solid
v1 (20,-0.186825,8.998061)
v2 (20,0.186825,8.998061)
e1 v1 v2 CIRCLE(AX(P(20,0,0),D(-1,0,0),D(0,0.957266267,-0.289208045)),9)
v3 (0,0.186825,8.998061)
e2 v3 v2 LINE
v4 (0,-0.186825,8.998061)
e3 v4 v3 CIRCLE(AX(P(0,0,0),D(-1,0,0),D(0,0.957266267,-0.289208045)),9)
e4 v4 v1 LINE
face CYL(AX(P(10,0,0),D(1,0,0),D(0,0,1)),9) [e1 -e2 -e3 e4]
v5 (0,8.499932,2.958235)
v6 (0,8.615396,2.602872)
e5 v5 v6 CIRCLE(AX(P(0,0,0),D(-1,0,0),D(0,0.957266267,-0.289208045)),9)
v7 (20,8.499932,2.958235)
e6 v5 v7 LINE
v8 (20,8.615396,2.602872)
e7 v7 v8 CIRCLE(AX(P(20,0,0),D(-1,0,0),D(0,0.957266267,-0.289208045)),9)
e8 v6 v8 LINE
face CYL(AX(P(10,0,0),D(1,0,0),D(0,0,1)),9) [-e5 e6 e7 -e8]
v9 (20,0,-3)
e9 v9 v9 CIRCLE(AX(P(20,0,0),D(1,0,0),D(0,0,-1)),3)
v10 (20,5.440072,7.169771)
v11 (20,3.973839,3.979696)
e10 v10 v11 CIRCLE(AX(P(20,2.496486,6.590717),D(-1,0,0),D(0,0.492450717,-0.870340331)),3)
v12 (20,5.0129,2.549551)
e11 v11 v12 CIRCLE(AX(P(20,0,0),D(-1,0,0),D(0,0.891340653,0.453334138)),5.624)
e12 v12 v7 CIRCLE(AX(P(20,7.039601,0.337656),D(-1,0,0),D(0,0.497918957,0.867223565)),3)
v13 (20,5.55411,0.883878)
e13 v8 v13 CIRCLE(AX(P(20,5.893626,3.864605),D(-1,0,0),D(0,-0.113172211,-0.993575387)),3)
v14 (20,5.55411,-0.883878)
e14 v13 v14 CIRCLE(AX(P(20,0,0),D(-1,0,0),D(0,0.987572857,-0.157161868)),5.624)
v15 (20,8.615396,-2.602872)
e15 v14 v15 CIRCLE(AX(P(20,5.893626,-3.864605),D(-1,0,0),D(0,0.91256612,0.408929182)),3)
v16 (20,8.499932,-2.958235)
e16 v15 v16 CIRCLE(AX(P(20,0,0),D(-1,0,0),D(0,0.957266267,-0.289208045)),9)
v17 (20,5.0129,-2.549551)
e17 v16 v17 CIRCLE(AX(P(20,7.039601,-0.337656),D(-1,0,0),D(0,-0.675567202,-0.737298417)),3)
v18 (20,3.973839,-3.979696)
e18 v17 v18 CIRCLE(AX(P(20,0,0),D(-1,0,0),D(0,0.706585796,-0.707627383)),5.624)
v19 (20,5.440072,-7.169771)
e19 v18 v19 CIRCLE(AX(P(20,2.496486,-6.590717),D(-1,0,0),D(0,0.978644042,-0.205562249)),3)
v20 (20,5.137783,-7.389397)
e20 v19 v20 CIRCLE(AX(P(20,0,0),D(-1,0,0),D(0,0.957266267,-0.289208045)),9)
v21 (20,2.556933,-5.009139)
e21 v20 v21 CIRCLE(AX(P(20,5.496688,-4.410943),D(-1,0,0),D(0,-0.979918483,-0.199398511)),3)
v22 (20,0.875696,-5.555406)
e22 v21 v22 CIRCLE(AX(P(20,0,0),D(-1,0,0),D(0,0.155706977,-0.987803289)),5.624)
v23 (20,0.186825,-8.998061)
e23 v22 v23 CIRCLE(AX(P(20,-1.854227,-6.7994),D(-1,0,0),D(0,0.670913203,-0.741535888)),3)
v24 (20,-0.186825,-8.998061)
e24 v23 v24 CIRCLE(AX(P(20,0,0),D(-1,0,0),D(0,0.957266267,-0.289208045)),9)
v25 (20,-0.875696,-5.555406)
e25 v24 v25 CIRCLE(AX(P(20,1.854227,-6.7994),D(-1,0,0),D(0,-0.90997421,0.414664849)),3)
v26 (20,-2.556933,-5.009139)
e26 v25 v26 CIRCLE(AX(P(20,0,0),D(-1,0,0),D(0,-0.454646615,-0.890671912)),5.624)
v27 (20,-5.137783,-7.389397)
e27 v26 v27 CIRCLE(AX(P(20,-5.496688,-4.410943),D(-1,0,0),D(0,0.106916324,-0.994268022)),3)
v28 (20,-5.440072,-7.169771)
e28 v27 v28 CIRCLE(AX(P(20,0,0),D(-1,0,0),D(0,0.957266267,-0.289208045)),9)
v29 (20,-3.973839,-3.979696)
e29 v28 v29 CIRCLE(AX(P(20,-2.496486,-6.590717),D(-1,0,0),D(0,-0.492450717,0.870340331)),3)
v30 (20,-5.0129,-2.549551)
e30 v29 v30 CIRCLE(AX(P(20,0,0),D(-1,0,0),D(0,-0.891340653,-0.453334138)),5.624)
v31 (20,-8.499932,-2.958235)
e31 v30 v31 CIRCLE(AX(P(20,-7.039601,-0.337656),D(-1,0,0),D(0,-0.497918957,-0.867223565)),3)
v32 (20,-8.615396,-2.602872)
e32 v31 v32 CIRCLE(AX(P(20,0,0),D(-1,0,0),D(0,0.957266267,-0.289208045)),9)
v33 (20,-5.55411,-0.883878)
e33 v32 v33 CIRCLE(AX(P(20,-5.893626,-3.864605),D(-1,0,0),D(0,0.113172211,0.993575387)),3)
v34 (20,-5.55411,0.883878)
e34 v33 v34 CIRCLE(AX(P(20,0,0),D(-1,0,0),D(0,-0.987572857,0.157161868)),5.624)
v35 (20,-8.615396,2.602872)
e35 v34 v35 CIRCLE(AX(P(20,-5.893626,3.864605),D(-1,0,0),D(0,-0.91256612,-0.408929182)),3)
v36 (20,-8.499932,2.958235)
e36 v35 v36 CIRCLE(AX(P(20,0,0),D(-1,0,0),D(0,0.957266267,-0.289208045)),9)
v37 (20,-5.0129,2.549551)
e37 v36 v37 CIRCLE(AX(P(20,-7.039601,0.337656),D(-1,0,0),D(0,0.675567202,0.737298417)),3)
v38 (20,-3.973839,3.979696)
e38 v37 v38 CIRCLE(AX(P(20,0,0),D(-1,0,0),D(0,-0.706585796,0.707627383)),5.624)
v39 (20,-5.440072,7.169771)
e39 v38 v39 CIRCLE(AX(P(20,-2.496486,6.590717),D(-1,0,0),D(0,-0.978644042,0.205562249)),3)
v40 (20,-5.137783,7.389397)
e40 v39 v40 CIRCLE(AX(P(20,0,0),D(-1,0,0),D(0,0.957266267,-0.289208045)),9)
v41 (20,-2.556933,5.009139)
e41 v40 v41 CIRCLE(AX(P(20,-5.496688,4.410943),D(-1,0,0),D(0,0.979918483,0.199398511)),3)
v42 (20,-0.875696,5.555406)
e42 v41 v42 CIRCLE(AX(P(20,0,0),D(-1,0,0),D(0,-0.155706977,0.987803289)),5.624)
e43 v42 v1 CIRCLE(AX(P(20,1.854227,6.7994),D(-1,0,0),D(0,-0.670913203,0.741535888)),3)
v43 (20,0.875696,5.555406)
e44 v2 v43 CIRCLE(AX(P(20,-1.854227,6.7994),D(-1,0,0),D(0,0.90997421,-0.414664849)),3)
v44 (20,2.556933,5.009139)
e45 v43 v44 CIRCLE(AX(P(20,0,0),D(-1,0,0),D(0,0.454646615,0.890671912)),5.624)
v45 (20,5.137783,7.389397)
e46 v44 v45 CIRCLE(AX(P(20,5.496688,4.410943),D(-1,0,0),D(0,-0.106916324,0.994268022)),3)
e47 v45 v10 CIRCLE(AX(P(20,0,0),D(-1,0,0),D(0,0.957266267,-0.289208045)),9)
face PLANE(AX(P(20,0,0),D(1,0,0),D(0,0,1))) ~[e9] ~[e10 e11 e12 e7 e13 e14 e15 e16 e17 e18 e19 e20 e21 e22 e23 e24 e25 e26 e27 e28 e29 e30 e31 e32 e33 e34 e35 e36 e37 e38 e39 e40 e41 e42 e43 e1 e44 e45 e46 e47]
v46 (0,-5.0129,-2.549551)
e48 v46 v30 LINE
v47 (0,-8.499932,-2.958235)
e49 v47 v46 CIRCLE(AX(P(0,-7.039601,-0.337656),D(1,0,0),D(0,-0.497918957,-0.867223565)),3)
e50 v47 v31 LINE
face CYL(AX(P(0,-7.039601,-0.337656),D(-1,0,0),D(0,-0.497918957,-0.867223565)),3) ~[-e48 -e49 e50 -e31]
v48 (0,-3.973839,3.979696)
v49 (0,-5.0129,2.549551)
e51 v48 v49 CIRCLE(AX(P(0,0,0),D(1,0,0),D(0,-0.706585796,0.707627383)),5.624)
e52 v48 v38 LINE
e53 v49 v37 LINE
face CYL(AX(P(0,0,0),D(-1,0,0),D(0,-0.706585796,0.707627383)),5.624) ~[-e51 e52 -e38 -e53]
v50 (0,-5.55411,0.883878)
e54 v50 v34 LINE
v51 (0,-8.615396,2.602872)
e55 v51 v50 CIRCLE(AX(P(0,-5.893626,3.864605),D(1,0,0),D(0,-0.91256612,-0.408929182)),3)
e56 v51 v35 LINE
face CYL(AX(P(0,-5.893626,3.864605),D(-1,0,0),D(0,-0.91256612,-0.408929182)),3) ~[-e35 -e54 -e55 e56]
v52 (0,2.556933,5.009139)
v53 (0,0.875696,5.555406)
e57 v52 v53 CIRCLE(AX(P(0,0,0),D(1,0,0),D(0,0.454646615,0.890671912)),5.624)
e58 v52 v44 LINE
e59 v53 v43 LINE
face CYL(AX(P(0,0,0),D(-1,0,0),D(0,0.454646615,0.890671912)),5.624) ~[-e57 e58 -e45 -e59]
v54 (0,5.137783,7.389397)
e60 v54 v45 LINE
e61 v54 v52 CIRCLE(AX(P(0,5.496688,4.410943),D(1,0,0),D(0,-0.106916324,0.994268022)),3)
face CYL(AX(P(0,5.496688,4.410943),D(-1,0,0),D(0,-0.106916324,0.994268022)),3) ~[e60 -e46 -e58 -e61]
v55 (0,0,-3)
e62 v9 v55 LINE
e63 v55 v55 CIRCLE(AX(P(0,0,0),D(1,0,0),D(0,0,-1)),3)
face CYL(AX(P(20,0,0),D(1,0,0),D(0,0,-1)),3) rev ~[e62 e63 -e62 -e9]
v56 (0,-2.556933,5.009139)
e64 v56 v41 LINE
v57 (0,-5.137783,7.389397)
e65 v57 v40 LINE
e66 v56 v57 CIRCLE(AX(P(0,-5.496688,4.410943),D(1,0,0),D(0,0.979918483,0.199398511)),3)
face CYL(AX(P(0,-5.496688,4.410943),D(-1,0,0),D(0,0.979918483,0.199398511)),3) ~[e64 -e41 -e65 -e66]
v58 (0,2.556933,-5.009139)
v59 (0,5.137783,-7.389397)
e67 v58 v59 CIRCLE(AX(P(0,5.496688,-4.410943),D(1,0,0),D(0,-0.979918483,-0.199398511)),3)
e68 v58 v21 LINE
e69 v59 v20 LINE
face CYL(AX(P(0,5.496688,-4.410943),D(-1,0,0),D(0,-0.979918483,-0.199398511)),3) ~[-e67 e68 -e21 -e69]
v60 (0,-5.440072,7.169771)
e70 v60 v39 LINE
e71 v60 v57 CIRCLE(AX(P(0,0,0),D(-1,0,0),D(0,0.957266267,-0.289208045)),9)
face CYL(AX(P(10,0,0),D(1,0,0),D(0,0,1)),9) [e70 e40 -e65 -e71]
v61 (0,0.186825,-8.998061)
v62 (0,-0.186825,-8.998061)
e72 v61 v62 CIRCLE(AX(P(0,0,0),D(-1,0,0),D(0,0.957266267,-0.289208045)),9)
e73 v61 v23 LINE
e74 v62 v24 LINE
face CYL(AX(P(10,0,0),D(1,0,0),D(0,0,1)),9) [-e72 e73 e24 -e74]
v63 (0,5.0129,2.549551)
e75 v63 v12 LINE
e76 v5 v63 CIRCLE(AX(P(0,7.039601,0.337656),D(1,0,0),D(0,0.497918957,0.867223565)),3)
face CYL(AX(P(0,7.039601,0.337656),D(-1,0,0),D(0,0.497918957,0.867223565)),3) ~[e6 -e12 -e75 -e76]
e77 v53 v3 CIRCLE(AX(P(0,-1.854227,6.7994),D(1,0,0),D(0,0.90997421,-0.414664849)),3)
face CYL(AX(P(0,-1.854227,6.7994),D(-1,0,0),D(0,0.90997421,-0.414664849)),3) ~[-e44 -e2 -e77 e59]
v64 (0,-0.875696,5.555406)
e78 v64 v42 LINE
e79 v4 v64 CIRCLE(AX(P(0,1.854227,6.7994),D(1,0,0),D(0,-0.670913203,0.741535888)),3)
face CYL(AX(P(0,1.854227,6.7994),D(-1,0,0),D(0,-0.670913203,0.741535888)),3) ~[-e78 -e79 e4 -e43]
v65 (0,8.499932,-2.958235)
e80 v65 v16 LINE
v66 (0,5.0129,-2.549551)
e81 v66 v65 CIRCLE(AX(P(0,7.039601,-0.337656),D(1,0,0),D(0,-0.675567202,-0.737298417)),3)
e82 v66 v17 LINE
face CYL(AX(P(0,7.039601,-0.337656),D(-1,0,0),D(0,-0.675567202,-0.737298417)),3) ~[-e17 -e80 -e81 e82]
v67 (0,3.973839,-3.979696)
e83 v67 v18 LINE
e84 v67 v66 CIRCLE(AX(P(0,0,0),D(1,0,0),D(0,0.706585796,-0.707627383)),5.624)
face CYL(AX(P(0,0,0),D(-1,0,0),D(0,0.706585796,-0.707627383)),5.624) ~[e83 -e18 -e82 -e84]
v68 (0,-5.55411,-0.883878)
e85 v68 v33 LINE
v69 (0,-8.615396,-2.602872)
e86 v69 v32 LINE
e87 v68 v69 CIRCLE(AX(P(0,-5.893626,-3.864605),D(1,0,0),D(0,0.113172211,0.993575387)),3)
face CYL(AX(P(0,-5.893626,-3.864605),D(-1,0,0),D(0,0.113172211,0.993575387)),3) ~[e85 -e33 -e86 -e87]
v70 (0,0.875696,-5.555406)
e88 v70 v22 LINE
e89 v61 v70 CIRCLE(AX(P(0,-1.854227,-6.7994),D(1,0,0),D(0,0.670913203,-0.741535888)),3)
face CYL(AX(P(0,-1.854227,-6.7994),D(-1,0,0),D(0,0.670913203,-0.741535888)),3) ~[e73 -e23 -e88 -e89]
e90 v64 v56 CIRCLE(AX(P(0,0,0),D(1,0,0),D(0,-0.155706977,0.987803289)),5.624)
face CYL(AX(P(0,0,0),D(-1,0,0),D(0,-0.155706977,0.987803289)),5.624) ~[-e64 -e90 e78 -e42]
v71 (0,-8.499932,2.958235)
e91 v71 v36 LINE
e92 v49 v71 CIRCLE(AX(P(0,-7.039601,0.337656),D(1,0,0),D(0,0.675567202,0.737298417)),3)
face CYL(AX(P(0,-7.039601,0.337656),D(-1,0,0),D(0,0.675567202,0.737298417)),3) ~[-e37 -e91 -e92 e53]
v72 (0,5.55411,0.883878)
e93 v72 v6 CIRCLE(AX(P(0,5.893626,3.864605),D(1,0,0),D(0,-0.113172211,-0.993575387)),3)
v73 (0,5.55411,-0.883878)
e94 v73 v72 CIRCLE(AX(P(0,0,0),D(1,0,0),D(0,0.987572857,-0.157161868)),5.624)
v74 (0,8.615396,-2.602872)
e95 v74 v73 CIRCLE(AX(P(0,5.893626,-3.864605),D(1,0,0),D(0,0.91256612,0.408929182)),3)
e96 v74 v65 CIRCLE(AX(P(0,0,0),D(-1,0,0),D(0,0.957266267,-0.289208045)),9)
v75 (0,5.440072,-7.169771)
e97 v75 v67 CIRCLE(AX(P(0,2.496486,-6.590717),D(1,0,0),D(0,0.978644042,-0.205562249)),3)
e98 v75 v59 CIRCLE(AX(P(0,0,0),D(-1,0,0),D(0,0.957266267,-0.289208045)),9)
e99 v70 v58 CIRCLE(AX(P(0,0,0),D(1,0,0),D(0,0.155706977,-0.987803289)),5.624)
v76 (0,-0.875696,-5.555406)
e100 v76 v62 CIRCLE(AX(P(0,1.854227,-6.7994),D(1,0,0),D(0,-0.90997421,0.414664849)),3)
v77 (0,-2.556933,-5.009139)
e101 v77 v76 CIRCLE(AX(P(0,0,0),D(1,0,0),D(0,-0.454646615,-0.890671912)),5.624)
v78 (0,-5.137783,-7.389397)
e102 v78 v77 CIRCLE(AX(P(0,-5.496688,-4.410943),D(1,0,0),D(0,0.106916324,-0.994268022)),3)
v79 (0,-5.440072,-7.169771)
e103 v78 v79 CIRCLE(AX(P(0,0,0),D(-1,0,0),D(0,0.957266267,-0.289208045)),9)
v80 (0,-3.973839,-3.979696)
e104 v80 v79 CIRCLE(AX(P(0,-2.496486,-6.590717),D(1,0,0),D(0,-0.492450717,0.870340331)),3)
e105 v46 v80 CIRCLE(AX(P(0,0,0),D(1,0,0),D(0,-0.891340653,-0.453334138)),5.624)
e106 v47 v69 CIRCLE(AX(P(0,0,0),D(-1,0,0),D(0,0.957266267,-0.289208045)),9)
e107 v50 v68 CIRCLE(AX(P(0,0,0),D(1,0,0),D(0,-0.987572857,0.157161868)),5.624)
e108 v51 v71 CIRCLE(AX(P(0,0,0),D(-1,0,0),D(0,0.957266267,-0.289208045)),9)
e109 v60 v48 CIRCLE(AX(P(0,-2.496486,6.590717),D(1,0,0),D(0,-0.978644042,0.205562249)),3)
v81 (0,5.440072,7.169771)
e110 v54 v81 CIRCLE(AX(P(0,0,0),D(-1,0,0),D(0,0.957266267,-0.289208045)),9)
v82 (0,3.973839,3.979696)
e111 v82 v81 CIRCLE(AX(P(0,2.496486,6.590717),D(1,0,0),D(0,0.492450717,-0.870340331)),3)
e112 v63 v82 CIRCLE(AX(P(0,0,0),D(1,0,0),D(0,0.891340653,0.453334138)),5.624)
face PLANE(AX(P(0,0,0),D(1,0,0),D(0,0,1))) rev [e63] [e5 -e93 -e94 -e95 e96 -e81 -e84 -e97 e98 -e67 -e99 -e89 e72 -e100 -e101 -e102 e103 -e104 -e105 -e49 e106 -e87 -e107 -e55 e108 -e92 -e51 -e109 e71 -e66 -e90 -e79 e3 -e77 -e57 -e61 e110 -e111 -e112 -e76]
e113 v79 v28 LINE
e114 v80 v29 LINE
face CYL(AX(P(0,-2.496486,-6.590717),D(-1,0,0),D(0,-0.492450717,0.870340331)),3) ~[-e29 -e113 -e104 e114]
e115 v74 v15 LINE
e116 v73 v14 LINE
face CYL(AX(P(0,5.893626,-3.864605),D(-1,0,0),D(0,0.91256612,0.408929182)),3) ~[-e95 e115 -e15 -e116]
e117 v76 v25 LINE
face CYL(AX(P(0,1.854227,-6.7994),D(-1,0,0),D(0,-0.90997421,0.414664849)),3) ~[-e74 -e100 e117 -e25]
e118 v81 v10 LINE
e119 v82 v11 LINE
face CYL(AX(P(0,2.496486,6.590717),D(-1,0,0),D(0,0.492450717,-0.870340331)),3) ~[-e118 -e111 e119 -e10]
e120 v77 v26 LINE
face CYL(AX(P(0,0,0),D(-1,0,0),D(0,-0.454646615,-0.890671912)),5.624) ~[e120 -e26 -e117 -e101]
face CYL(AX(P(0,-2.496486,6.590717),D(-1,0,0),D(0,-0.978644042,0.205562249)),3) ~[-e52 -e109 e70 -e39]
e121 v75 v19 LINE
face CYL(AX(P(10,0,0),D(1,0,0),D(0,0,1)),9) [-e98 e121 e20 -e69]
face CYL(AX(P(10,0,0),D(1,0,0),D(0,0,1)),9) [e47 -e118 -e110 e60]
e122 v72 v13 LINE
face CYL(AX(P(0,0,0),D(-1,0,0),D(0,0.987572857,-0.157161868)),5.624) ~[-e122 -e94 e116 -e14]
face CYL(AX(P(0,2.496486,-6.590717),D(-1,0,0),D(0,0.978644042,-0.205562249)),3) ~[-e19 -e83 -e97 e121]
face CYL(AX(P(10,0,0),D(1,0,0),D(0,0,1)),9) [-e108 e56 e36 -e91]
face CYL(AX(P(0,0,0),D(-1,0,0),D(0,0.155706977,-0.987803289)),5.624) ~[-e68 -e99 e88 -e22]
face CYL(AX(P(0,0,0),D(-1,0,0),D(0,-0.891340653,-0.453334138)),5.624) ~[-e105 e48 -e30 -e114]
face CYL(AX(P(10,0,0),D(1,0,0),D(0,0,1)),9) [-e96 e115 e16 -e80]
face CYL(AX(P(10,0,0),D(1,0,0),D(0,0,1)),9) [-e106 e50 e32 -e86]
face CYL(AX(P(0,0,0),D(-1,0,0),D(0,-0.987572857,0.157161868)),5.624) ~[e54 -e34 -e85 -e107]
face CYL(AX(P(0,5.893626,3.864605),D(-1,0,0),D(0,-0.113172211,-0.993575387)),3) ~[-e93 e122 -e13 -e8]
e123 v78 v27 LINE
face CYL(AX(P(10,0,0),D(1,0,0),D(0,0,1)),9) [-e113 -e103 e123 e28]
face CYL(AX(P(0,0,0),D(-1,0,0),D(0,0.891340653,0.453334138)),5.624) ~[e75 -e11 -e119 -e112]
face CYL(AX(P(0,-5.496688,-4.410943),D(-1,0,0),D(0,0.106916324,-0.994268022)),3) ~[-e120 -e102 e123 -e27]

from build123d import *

# Parameters (mm, degrees)
BASPROSKE_W           = 20
BASPROSKE_H           = 9
TOOTHCUT_DEPTH        = 24.706539182
TEETHCUTS_COUNT       = 10
TEETHCUTS_ANGLE       = 324
BORSKE_R              = 2.5
BORE_DEPTH            = 50.0000508
IZIM1_R               = 3
KES_EKSTR_ZYON1_DEPTH = 26


with BuildPart() as part:
    # BasProSke → Base-Revolve (revolve)
    with BuildSketch(Plane(origin=(0, 0, 0), x_dir=(1, 0, 0), z_dir=(0, 1, 0)), mode=Mode.PRIVATE) as base_revolve_sk:
        with Locations((10, 4.5)):
            Rectangle(BASPROSKE_W, BASPROSKE_H)
    revolve(base_revolve_sk.sketch.rotate(Axis((-10, 0, 0), (1, 0, 0)), 180), axis=Axis((-10, 0, 0), (1, 0, 0)))

    # TooCutSke → ToothCut (cut, through all)
    with BuildSketch(Plane(origin=(0, 0, 0), x_dir=(0, 0, -1), z_dir=(1, 0, 0))):
        with BuildLine():
            ThreePointArc((0.883878355, 5.554109745), (0, 5.624), (-0.883878355, 5.554109745))
            ThreePointArc((-0.883878355, 5.554109745), (-1.258245767, 7.379188248), (-2.637816971, 8.631324741))
            ThreePointArc((-2.637816971, 8.631324741), (0, 9.0254), (2.637816971, 8.631324741))
            ThreePointArc((2.637816971, 8.631324741), (1.258245767, 7.379188248), (0.883878355, 5.554109745))
        make_face()
    toothcut = extrude(amount=TOOTHCUT_DEPTH, mode=Mode.SUBTRACT)

    # TeethCuts: ToothCut ×10 about axis
    teethcuts_axis = Axis((-10, 0, 0), (1, 0, 0))
    for i in range(1, TEETHCUTS_COUNT):
        add(toothcut.rotate(teethcuts_axis, i * TEETHCUTS_ANGLE / (TEETHCUTS_COUNT - 1)), mode=Mode.SUBTRACT)

    # BorSke → Bore (cut, symmetric)
    with BuildSketch(Plane(origin=(0, 0, 0), x_dir=(0, 0, -1), z_dir=(1, 0, 0))):
        with Locations(Location((0, 0, 0), (0, 0, 180))):
            Circle(BORSKE_R)
    extrude(amount=BORE_DEPTH, both=True, mode=Mode.SUBTRACT)

    # Çizim1 → Kes-Ekstrüzyon1 (cut)
    with BuildSketch(Plane(origin=(20, 0, 0), x_dir=(0, 0, -1), z_dir=(1, 0, 0))):
        Circle(IZIM1_R)
    extrude(amount=-KES_EKSTR_ZYON1_DEPTH, mode=Mode.SUBTRACT)


solid = part.part
